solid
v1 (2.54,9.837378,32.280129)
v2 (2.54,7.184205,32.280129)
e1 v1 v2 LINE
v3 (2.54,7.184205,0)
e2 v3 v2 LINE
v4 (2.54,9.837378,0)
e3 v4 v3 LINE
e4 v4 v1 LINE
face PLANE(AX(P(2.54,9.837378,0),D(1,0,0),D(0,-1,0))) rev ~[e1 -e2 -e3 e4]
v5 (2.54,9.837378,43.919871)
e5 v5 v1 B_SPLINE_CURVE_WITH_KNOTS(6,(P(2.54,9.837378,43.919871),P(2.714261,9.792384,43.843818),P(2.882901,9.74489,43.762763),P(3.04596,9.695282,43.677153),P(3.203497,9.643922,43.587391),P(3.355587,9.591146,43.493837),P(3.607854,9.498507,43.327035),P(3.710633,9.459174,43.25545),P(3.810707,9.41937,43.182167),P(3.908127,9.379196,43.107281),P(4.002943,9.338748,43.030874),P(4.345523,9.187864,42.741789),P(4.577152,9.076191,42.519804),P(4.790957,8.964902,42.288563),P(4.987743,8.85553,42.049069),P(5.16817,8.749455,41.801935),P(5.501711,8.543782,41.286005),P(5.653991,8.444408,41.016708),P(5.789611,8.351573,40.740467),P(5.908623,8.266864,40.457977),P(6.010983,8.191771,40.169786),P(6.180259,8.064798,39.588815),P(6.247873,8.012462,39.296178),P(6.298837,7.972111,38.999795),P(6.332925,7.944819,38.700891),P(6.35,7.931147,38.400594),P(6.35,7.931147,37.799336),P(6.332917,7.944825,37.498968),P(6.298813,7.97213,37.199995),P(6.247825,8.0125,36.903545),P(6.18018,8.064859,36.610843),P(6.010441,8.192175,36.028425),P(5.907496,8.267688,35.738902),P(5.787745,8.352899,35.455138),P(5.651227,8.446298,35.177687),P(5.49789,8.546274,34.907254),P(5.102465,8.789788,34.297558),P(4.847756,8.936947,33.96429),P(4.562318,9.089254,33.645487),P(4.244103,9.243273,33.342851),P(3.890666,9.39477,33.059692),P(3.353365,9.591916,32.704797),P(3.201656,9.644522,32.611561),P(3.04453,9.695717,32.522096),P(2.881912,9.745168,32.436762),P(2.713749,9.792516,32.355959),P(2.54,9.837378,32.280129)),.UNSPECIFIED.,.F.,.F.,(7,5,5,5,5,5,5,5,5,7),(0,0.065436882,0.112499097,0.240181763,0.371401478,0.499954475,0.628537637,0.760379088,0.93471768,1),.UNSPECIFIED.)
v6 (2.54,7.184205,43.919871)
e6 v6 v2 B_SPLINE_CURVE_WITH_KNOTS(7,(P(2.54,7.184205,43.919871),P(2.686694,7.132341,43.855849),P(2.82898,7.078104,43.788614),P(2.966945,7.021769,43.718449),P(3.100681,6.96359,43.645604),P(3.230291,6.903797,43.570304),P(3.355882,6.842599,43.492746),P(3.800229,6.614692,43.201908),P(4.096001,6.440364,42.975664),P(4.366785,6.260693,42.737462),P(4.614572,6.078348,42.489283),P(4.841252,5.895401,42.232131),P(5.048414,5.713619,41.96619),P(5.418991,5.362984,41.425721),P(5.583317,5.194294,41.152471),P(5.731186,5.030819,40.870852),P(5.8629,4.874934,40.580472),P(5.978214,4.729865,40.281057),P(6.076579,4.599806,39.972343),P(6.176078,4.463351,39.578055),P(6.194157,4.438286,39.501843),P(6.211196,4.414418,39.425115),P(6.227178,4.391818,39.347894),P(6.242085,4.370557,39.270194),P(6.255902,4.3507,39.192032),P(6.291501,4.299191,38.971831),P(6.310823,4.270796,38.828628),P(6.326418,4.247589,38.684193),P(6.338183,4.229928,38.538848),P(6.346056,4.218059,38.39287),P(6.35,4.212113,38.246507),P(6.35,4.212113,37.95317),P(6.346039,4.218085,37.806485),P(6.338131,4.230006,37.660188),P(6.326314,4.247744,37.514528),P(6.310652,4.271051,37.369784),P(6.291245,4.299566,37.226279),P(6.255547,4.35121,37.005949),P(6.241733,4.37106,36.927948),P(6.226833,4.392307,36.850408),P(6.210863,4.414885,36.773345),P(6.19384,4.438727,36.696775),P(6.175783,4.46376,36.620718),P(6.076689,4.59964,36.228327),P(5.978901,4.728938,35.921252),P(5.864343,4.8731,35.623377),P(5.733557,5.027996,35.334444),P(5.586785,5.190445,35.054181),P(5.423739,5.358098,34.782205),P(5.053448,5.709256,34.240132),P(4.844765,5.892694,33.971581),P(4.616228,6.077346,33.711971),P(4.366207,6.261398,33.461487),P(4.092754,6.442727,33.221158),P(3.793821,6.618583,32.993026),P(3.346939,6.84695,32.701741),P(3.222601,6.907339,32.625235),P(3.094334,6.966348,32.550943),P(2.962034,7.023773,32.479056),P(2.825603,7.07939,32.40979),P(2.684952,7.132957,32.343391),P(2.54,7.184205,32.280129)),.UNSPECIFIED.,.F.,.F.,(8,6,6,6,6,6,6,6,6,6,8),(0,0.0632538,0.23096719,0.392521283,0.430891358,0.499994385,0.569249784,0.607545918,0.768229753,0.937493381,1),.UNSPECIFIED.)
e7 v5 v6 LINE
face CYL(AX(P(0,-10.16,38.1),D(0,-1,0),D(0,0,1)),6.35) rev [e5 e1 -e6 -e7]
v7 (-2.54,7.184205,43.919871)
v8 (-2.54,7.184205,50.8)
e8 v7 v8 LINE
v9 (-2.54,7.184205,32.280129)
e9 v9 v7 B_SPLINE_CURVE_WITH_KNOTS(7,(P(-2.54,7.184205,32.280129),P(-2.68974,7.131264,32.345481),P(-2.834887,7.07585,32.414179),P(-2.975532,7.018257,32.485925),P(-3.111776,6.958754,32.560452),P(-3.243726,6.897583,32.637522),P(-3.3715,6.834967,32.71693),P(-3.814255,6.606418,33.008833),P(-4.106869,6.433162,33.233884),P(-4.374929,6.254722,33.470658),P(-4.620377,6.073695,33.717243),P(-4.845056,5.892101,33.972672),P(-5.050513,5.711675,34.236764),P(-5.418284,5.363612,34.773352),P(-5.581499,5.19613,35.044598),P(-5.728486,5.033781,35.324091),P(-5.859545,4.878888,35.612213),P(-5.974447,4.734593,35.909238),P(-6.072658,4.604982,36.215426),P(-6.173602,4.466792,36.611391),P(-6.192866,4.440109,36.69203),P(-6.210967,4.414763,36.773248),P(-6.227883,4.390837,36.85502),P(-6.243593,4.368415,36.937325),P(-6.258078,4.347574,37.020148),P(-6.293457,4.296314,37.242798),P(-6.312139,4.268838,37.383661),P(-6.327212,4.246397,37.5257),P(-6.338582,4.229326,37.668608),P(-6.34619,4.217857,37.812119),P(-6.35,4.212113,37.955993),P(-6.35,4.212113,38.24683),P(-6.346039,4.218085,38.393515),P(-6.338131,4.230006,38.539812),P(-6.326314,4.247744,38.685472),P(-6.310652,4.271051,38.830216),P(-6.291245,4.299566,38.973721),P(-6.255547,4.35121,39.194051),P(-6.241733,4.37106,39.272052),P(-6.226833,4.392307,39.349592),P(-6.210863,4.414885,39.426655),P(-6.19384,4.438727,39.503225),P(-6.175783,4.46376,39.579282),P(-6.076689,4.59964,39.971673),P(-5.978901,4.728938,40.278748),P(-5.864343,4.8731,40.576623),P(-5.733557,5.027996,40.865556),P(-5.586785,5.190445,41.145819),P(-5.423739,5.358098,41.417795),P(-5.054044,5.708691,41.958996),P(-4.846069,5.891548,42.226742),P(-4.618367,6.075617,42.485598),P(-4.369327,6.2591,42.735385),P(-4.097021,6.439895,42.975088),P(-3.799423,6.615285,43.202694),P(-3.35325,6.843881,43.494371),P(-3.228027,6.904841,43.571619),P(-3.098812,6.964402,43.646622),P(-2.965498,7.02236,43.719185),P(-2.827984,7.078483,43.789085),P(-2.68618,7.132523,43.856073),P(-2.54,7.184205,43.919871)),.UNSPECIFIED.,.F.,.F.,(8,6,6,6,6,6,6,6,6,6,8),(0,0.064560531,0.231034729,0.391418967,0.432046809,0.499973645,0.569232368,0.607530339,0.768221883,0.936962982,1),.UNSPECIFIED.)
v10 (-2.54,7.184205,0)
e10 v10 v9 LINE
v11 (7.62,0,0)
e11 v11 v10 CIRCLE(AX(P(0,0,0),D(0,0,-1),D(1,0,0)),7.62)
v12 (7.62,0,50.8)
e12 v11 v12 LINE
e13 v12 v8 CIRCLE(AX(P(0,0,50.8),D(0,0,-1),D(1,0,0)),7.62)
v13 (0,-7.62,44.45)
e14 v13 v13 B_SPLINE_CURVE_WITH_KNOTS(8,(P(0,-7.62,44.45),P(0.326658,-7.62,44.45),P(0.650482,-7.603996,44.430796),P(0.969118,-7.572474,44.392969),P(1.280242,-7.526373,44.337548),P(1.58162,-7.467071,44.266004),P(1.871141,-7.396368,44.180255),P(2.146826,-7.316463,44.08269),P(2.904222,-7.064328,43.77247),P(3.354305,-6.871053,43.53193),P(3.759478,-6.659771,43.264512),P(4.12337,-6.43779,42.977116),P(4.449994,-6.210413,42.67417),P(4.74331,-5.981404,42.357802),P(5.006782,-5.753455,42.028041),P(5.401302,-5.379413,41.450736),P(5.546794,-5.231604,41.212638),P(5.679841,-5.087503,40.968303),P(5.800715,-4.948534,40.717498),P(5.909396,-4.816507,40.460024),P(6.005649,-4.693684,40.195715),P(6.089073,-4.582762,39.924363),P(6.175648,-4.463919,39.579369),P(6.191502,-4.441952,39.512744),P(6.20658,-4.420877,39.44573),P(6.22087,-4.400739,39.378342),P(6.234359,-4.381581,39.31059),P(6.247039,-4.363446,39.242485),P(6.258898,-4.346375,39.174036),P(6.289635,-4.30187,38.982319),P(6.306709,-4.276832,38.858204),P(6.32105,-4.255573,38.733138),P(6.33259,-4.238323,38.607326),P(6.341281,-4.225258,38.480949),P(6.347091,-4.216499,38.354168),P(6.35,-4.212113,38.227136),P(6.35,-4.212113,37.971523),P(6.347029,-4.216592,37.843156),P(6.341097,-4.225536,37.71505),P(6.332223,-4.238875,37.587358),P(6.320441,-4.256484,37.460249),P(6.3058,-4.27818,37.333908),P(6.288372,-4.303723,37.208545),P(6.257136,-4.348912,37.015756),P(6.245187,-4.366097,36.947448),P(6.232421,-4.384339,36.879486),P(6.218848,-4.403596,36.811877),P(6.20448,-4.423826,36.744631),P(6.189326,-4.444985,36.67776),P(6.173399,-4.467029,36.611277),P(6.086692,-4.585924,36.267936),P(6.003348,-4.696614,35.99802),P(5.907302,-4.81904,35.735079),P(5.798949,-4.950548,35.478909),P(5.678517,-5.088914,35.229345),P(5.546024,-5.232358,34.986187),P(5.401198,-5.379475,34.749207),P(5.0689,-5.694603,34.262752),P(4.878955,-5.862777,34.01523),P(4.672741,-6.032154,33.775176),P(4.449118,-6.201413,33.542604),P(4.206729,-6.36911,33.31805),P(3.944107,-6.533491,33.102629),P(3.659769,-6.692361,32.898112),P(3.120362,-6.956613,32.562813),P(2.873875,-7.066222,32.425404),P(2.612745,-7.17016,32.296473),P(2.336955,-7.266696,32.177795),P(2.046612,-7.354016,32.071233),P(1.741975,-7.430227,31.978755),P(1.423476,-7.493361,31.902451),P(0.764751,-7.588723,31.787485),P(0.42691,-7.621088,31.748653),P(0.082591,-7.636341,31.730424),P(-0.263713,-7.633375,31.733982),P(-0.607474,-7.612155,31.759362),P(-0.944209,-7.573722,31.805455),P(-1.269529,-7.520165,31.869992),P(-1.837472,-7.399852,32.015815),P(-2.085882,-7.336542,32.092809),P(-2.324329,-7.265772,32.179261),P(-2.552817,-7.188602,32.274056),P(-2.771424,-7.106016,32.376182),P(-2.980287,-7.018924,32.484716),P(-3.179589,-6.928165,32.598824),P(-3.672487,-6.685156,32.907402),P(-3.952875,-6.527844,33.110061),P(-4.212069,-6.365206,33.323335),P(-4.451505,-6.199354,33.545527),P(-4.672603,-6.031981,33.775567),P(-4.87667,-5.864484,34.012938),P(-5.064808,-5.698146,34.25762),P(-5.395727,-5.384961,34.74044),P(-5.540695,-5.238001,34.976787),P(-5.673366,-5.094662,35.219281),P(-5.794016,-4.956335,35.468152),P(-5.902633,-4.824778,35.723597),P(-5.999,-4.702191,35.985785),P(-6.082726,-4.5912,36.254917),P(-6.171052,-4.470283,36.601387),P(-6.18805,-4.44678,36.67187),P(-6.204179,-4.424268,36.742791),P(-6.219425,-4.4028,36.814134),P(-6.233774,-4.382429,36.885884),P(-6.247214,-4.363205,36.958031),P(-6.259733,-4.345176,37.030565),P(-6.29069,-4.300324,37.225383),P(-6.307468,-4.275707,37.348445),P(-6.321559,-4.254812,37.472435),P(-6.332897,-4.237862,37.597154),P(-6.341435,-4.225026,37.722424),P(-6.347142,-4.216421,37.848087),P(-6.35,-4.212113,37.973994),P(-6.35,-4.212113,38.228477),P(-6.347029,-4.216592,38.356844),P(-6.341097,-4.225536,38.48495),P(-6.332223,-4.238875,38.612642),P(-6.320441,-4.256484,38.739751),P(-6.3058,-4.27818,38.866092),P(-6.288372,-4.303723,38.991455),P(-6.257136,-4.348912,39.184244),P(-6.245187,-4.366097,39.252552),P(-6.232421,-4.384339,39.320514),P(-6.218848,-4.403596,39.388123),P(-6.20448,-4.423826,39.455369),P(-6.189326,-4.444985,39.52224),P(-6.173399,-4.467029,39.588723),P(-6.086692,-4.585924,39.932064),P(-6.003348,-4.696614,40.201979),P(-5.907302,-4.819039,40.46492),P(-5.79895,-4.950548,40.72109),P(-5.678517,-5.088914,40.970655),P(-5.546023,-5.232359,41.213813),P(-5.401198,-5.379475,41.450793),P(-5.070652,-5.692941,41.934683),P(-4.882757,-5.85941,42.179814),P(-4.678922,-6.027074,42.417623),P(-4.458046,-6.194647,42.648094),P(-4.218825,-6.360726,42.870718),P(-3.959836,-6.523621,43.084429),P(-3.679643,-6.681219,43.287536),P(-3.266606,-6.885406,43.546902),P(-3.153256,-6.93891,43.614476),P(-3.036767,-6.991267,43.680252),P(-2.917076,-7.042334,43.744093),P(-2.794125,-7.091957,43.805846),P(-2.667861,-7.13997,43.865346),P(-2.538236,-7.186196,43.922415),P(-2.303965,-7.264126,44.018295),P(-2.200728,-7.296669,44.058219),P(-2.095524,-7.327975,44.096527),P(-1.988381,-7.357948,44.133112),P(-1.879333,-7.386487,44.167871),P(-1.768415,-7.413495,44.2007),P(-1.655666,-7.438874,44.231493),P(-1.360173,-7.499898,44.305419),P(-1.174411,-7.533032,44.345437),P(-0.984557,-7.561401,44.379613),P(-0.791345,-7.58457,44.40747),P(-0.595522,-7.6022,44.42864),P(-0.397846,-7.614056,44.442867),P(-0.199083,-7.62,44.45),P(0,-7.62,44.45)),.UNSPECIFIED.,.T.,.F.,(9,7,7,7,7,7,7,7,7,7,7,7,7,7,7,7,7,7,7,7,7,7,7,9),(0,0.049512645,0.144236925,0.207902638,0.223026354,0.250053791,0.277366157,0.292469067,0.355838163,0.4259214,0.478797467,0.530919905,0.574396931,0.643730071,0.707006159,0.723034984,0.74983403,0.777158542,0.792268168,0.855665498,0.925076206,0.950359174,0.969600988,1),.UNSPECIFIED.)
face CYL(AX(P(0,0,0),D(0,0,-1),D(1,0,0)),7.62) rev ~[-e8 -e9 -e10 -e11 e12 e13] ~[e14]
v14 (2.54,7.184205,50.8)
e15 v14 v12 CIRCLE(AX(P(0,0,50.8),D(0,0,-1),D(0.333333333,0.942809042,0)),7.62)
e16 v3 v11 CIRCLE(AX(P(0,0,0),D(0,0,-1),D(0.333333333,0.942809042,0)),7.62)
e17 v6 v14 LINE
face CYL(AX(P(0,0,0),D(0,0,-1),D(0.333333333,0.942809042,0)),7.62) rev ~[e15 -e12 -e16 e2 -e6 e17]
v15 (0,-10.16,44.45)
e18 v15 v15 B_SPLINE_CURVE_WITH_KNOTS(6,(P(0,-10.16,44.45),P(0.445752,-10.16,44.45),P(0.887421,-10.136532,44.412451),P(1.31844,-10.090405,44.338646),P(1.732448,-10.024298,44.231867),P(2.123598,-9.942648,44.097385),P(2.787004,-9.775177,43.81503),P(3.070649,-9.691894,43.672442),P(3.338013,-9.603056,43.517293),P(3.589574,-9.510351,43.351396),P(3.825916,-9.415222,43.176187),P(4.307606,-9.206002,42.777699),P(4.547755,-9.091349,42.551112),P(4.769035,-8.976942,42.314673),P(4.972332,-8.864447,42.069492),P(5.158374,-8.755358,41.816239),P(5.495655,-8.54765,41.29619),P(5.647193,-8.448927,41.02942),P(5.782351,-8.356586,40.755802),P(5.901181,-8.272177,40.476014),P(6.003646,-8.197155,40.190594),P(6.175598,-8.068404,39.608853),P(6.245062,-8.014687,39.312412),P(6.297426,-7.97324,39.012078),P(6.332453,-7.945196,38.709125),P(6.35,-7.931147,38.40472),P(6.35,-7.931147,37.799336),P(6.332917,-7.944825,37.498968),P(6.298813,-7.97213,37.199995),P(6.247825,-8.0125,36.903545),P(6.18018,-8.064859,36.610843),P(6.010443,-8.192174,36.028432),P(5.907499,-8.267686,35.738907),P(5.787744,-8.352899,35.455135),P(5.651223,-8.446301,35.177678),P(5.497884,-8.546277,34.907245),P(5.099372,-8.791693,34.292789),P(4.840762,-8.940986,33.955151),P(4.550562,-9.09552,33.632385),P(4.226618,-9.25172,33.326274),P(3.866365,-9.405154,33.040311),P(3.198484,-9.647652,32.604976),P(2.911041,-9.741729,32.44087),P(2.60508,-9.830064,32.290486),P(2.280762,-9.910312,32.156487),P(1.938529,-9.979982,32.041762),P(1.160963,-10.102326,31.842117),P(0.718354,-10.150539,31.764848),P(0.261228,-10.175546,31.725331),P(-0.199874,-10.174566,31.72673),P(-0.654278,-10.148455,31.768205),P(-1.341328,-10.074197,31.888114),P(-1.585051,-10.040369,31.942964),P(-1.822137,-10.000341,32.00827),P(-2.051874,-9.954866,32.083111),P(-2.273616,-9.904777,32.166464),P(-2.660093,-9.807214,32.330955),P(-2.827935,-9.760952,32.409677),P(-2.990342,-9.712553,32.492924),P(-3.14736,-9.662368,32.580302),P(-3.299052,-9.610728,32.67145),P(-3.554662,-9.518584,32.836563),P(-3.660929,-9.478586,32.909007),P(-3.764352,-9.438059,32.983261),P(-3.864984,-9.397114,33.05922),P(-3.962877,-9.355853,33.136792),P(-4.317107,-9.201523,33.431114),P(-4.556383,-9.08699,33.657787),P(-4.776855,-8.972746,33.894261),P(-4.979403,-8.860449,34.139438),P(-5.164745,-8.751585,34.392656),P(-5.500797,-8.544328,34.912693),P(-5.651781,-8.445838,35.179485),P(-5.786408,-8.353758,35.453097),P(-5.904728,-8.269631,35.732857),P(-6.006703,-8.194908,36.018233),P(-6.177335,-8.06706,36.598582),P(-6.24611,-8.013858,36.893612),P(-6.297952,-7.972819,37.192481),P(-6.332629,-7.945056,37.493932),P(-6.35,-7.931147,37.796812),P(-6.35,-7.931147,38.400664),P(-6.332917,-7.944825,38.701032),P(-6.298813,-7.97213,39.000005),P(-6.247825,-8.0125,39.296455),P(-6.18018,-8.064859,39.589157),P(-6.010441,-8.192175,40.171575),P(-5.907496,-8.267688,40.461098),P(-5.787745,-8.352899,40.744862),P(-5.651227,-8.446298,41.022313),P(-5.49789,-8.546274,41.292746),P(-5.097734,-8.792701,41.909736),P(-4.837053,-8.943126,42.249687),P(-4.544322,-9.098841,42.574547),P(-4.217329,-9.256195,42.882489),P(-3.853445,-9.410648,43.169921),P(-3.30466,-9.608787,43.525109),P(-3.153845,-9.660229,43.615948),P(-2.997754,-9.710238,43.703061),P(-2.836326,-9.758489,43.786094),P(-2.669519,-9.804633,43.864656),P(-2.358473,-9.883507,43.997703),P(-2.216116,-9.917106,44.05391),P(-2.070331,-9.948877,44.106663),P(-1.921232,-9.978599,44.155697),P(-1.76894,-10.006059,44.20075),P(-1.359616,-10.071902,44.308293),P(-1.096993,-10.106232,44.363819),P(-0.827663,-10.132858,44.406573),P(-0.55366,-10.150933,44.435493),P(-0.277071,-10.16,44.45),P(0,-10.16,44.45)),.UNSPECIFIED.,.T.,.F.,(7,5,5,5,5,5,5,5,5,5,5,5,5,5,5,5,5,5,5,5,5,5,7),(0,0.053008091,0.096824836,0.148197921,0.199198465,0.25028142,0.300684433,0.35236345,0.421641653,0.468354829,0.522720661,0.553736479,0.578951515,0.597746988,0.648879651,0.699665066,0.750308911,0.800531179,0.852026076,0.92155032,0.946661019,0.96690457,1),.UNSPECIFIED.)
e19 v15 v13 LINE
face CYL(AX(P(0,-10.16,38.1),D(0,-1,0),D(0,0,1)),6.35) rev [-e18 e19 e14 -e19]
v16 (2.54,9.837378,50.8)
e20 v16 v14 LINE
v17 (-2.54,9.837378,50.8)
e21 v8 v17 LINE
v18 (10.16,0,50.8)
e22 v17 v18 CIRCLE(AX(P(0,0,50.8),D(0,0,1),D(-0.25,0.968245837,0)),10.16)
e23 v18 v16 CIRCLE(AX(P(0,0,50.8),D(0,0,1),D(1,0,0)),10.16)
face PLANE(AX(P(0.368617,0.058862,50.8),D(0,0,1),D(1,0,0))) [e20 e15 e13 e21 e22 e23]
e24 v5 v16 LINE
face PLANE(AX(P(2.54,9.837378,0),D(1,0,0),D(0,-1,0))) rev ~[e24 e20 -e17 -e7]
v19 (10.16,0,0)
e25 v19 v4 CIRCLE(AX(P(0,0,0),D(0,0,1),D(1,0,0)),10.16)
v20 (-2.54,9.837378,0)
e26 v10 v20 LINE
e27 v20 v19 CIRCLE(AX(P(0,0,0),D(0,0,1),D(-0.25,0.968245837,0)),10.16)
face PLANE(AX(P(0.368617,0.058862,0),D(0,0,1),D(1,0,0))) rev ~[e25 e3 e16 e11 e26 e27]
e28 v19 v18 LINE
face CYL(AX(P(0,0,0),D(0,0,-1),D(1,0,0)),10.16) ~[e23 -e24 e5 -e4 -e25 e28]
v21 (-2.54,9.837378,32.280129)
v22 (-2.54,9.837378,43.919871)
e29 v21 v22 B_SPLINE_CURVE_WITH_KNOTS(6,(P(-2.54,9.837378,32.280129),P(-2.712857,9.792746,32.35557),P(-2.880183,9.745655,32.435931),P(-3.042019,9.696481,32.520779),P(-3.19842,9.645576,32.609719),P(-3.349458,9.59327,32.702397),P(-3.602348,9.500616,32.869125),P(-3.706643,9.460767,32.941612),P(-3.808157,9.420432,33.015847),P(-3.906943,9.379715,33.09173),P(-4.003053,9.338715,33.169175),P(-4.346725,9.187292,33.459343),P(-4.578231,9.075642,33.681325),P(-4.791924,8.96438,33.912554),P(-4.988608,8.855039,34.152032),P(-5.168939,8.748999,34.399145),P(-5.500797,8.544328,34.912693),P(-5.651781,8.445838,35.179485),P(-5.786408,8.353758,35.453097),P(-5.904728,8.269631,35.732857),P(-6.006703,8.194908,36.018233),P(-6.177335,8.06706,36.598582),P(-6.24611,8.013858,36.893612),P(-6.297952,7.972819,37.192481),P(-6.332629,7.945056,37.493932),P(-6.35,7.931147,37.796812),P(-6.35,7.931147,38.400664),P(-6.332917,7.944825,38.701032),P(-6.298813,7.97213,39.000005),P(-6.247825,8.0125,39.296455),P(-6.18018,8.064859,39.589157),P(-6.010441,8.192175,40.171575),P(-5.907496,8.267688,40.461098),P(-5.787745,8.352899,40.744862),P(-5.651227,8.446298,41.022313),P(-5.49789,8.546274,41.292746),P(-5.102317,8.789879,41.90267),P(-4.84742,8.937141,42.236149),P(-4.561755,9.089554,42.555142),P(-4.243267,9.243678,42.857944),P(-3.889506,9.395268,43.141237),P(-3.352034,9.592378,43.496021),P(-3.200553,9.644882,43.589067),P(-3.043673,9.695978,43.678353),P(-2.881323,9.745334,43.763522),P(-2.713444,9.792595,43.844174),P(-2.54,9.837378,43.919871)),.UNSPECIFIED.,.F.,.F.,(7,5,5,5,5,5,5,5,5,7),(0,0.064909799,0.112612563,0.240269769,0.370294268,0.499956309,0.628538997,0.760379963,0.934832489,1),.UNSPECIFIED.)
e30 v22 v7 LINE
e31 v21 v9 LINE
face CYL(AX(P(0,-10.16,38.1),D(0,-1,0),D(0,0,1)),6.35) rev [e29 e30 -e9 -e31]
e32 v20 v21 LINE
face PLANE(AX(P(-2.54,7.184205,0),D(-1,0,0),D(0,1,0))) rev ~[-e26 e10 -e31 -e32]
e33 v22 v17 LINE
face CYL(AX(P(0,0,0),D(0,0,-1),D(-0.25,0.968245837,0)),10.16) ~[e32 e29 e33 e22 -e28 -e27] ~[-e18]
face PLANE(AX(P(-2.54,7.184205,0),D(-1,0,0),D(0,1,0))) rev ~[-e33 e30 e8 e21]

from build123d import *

# Parameters (mm, degrees)
BOSS_EXTRUDE2_DEPTH = 50.8
CUT_EXTRUDE2_START  = -10.16
SKETCH2_R           = 6.35
CUT_EXTRUDE2_DEPTH  = 19.997379


with BuildPart() as part:
    # Sketch1 → Boss-Extrude2 (new body)
    with BuildSketch(Plane.XY):
        with BuildLine():
            Line((-2.54, 7.184204897), (-2.54, 9.837377699))
            ThreePointArc((-2.54, 9.837377699), (-6.221703947, -8.032185257), (10.16, 0))
            ThreePointArc((10.16, 0), (8.032185257, 6.221703947), (2.54, 9.837377699))
            Line((2.54, 9.837377699), (2.54, 7.184204897))
            ThreePointArc((2.54, 7.184204897), (6.221703947, 4.399409051), (7.62, 0))
            ThreePointArc((7.62, 0), (-4.399409051, -6.221703947), (-2.54, 7.184204897))
        make_face()
    extrude(amount=BOSS_EXTRUDE2_DEPTH)

    # Sketch2 → Cut-Extrude2 (cut)
    with BuildSketch(Plane(origin=(0, 0, 0), x_dir=(1, 0, 0), z_dir=(0, 1, 0)).offset(CUT_EXTRUDE2_START)):
        with Locations(Location((0, -38.1, 0), (0, 0, 270))):  # turned: the seam where the file's is
            Circle(SKETCH2_R)
    extrude(amount=CUT_EXTRUDE2_DEPTH, mode=Mode.SUBTRACT)


solid = part.part
